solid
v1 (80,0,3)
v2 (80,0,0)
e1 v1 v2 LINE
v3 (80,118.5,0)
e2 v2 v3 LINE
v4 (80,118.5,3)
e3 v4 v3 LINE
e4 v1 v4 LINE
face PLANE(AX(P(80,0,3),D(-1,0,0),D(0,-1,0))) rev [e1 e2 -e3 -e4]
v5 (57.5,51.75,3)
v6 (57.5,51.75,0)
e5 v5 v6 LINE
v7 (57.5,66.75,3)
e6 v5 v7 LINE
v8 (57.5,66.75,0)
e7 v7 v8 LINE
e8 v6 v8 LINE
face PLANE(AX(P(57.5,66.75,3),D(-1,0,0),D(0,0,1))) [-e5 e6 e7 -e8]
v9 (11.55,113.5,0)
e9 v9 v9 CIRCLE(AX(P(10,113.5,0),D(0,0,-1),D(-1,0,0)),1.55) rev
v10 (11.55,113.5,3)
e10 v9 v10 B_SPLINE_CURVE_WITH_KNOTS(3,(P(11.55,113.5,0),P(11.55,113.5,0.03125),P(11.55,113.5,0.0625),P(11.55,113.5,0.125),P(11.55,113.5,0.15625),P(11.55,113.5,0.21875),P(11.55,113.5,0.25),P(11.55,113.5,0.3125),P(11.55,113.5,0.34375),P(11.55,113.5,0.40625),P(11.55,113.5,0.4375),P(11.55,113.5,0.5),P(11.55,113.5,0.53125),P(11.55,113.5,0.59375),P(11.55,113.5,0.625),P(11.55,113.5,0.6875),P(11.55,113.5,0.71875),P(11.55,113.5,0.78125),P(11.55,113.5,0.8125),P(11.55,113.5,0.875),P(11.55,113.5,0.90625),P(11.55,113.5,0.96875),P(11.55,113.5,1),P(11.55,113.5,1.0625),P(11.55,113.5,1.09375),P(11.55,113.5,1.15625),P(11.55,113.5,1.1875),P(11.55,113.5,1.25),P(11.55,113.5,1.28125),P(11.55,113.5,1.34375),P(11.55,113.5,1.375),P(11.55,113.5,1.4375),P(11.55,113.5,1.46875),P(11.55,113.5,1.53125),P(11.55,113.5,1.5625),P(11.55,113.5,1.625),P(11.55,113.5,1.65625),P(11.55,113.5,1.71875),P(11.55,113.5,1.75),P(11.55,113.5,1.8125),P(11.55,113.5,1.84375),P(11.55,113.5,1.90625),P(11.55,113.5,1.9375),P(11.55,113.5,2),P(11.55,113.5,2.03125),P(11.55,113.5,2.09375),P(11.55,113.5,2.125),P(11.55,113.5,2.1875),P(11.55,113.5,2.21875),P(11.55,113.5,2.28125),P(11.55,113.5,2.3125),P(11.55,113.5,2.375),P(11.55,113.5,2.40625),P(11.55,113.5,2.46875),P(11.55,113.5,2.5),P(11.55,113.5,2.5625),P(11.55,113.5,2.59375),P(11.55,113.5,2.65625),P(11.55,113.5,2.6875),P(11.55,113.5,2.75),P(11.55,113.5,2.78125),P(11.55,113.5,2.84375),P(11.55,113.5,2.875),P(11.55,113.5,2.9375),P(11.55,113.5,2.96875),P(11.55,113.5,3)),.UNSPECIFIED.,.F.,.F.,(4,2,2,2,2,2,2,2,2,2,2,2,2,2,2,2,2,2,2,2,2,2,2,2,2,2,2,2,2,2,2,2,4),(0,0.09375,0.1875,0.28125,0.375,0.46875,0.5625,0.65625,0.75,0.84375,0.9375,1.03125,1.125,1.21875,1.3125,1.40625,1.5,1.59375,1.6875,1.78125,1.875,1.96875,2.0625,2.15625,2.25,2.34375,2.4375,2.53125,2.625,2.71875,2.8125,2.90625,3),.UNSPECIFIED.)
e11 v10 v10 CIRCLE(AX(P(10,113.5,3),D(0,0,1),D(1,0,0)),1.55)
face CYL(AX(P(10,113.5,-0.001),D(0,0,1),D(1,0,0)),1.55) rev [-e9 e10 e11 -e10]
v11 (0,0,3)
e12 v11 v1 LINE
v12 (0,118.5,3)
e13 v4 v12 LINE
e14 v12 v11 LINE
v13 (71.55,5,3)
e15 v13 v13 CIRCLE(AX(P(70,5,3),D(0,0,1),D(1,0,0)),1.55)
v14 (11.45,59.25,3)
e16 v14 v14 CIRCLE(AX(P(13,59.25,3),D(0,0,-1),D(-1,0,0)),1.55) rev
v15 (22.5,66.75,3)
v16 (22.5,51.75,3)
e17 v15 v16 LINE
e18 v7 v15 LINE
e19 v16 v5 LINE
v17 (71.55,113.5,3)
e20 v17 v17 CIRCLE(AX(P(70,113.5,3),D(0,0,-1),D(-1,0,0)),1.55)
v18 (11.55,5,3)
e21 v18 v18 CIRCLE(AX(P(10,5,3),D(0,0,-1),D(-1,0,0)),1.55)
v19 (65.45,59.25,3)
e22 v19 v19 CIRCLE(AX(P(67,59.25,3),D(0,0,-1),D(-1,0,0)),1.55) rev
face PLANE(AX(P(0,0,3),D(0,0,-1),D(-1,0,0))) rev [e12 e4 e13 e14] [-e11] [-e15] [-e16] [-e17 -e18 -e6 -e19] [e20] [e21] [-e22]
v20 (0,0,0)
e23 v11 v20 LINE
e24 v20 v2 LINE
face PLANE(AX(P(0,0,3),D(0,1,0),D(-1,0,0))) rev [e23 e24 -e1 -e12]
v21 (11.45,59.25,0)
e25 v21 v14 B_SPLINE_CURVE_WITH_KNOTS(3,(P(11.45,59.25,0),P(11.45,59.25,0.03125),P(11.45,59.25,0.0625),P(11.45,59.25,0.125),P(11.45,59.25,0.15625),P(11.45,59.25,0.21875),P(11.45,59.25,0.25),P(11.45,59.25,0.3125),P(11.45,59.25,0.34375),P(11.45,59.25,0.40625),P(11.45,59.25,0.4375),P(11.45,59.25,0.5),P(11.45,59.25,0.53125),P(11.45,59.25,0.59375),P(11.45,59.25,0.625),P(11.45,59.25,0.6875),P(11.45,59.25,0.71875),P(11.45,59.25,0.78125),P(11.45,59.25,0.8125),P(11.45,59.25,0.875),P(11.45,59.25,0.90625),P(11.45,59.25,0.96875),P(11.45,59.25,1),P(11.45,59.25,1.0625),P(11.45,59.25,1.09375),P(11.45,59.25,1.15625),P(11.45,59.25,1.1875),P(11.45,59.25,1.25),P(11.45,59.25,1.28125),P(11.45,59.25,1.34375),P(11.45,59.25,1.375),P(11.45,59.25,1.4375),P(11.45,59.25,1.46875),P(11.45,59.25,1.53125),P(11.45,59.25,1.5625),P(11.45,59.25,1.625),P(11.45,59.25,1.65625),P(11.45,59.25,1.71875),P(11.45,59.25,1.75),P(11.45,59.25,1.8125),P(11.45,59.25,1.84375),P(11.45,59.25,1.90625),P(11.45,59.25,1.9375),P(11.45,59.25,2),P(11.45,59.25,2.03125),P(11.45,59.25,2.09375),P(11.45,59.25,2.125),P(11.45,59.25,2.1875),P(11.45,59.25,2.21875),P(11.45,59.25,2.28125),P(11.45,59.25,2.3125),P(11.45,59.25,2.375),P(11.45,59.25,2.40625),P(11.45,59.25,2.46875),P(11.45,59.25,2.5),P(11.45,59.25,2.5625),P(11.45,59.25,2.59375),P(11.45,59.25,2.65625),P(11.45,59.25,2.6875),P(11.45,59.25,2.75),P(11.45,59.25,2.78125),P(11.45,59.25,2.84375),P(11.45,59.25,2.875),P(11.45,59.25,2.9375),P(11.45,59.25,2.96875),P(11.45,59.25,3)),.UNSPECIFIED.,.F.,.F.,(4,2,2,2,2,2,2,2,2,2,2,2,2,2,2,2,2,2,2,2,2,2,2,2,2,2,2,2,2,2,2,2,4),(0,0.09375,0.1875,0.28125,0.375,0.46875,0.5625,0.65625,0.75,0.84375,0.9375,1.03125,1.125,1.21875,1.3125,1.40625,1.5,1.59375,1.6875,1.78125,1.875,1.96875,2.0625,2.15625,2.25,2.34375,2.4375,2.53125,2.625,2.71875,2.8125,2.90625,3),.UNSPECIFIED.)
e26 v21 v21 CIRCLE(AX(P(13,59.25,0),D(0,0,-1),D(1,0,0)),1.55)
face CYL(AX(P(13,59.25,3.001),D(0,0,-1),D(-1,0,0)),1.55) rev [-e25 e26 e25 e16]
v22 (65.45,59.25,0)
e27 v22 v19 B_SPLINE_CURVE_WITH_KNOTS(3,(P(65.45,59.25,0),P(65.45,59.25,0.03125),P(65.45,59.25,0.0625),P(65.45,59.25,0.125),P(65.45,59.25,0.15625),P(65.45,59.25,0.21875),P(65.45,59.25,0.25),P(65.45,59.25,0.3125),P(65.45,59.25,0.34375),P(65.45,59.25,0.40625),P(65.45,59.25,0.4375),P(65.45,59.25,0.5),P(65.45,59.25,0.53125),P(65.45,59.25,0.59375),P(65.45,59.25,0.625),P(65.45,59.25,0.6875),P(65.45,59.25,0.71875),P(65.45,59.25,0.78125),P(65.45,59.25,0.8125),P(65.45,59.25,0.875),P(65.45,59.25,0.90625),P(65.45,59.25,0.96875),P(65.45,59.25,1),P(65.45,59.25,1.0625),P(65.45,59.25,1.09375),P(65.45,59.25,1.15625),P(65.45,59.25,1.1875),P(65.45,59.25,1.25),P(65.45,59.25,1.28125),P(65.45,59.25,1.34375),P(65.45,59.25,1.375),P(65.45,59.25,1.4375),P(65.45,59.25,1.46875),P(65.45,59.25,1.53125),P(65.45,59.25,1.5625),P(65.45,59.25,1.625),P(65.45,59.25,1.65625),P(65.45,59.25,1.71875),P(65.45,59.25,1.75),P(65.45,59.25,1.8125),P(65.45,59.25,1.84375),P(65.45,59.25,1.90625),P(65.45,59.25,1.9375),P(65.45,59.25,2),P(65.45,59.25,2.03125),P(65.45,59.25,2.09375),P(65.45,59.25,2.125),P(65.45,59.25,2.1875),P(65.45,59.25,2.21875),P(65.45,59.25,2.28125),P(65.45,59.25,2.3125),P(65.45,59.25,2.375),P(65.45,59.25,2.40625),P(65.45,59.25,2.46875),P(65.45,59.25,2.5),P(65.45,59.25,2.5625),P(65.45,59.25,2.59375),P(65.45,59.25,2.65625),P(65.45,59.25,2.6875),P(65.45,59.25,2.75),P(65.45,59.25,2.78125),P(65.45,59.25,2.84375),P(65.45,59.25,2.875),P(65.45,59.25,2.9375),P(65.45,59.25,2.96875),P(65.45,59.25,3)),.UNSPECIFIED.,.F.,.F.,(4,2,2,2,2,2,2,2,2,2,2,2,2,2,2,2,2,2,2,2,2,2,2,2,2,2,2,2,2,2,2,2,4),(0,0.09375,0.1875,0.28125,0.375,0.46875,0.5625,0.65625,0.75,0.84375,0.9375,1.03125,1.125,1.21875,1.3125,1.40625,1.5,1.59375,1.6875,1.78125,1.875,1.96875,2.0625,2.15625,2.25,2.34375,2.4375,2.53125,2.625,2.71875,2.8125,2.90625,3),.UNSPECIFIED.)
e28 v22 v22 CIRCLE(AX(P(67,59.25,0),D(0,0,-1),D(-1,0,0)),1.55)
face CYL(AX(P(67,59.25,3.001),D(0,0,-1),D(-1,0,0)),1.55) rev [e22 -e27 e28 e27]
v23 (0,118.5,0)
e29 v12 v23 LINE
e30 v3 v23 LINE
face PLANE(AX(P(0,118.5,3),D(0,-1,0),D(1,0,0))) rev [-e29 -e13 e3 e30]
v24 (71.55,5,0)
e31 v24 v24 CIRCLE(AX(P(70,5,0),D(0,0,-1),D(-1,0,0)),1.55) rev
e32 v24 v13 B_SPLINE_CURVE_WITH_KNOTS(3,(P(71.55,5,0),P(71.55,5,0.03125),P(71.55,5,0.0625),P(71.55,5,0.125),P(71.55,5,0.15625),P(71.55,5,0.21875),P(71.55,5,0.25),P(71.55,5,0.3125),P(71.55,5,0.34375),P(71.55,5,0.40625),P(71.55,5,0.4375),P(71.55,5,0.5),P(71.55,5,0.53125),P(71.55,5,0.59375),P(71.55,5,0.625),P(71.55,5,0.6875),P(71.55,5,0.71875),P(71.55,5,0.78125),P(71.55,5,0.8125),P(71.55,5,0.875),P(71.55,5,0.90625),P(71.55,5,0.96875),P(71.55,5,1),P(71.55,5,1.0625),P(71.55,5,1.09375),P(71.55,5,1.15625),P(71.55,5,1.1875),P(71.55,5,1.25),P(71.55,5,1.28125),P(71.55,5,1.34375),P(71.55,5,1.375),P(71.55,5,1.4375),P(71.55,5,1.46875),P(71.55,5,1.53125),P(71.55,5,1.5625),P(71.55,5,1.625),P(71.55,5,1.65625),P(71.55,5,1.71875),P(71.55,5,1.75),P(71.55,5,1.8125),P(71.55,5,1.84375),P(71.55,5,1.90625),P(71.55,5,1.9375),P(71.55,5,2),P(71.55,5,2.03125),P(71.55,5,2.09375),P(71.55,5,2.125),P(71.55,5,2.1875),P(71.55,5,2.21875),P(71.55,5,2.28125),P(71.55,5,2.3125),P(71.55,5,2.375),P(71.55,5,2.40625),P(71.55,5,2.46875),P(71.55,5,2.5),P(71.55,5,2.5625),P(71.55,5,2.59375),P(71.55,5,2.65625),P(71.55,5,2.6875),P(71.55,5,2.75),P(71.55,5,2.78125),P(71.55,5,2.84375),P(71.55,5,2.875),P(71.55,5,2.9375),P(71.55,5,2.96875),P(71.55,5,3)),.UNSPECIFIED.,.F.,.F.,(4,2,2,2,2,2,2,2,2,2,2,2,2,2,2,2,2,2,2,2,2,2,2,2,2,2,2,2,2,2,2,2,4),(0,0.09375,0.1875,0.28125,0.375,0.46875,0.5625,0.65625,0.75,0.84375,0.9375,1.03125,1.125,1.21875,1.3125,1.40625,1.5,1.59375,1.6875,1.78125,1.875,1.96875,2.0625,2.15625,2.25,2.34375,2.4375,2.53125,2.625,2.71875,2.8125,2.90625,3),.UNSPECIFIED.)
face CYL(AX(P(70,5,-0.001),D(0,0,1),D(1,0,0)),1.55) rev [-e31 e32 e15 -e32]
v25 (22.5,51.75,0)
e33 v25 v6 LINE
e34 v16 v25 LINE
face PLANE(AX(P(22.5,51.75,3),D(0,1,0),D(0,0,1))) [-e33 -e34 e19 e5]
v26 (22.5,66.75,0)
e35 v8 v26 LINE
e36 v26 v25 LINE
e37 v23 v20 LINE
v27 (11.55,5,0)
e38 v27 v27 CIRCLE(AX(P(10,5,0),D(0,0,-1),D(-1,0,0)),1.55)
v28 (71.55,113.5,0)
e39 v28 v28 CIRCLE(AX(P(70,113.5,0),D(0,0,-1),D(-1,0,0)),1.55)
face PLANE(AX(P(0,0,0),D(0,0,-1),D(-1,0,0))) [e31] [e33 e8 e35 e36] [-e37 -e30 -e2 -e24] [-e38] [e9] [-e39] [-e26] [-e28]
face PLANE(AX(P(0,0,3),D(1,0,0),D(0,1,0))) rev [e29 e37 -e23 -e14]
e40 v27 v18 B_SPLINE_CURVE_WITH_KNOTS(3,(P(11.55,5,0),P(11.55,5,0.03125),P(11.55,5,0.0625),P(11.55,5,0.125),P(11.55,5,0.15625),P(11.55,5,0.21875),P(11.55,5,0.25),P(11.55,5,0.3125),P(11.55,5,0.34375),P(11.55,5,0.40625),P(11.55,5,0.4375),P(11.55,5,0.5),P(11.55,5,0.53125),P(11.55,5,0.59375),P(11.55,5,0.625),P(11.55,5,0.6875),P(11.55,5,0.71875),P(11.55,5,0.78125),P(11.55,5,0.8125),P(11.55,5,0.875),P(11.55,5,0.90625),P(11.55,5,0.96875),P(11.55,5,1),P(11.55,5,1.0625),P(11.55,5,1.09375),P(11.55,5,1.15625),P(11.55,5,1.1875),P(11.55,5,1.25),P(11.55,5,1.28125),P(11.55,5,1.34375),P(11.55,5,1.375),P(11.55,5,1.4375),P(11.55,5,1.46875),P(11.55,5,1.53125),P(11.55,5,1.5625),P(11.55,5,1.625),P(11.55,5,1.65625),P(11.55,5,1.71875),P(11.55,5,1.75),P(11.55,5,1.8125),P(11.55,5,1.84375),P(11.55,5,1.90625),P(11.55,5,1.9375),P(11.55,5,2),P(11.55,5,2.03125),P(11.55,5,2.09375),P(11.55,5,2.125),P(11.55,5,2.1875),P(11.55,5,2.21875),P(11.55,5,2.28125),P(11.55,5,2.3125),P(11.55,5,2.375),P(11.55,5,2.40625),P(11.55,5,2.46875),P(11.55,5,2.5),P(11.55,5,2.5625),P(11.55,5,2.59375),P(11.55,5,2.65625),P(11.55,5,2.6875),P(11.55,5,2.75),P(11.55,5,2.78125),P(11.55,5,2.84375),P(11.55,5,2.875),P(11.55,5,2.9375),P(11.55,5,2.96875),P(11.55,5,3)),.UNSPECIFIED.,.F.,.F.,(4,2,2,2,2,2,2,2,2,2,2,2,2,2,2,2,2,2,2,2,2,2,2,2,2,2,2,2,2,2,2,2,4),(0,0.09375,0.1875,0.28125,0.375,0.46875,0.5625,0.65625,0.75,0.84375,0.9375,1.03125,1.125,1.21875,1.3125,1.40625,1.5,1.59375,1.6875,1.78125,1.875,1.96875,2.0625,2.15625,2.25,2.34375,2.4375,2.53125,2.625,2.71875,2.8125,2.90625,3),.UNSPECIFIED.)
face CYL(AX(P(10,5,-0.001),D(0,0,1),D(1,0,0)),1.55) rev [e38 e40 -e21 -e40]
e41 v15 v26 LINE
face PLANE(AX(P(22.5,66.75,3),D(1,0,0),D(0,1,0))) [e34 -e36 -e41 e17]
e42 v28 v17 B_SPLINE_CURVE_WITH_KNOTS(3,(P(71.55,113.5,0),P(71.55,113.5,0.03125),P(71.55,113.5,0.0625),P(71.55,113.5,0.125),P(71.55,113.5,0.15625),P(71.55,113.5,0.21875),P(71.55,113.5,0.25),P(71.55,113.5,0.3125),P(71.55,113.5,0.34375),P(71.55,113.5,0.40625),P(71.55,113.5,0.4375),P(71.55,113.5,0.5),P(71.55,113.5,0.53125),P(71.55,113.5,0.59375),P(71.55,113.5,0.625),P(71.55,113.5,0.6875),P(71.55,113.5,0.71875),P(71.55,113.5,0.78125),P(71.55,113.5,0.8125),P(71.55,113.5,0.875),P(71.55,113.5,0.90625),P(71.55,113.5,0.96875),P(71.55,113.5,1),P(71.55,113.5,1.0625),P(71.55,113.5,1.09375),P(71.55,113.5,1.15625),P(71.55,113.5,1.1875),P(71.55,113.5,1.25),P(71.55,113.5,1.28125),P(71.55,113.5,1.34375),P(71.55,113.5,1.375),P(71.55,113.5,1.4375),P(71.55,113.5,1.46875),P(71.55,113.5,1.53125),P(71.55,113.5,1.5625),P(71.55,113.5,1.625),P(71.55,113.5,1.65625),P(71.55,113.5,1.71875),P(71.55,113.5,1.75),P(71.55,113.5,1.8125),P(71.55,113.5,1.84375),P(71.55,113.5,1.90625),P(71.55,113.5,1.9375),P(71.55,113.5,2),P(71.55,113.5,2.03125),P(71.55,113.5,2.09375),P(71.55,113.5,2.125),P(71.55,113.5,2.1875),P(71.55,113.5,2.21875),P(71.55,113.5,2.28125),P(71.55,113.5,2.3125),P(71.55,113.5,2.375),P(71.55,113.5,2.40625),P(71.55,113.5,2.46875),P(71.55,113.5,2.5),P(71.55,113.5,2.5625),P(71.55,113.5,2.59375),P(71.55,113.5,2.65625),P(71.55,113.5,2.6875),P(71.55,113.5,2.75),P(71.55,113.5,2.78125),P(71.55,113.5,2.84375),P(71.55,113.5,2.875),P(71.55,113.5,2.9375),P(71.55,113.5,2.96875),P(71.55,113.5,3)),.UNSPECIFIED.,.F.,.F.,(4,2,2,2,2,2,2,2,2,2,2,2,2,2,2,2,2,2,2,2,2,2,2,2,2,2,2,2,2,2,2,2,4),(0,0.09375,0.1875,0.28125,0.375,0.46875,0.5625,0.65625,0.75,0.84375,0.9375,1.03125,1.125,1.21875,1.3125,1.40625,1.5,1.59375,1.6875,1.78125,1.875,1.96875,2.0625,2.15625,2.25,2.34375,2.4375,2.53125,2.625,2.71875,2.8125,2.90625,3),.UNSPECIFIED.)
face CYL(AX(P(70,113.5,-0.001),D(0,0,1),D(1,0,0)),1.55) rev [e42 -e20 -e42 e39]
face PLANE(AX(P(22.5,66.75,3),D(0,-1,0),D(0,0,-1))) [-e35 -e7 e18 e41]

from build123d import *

# Parameters (mm, degrees)
SKETCH_1_W          = 80
SKETCH_1_H          = 118.5
SKETCH_1_W_2        = 35
SKETCH_1_H_2        = 15
EXTRUDE_1_DEPTH     = 3
CUT_EXTRUDE_2_REACH = 145.008
SKETCH_3_R          = 1.55
CUT_EXTRUDE_3_REACH = 145.008
SKETCH_4_R          = 1.55


with BuildPart() as part:
    # 草图1 → 凸台-拉伸1 (new body)
    with BuildSketch(Plane.XY):
        with Locations((40, 59.25)):
            Rectangle(SKETCH_1_W, SKETCH_1_H)
        with Locations((40, 59.25)):
            Rectangle(SKETCH_1_W_2, SKETCH_1_H_2, mode=Mode.SUBTRACT)
    extrude(amount=EXTRUDE_1_DEPTH)

    # 草图3 → 切除-拉伸2 (cut, up to next)
    with BuildSketch(Plane.XY.offset(3), mode=Mode.PRIVATE) as cut_extrude_2_sk1:
        with Locations((10, 113.5)):
            Circle(SKETCH_3_R)
    cut_extrude_2_tool1 = extrude(cut_extrude_2_sk1.sketch, amount=-CUT_EXTRUDE_2_REACH, mode=Mode.PRIVATE) & part.part
    # 草图3 → 切除-拉伸2 (cut, up to next)
    with BuildSketch(Plane.XY.offset(3), mode=Mode.PRIVATE) as cut_extrude_2_sk2:
        with Locations((70, 113.5)):
            Circle(SKETCH_3_R)
    cut_extrude_2_tool2 = extrude(cut_extrude_2_sk2.sketch, amount=-CUT_EXTRUDE_2_REACH, mode=Mode.PRIVATE) & part.part
    # 草图3 → 切除-拉伸2 (cut, up to next)
    with BuildSketch(Plane.XY.offset(3), mode=Mode.PRIVATE) as cut_extrude_2_sk3:
        with Locations((70, 5)):
            Circle(SKETCH_3_R)
    cut_extrude_2_tool3 = extrude(cut_extrude_2_sk3.sketch, amount=-CUT_EXTRUDE_2_REACH, mode=Mode.PRIVATE) & part.part
    # 草图3 → 切除-拉伸2 (cut, up to next)
    with BuildSketch(Plane.XY.offset(3), mode=Mode.PRIVATE) as cut_extrude_2_sk4:
        with Locations((10, 5)):
            Circle(SKETCH_3_R)
    cut_extrude_2_tool4 = extrude(cut_extrude_2_sk4.sketch, amount=-CUT_EXTRUDE_2_REACH, mode=Mode.PRIVATE) & part.part
    add(cut_extrude_2_tool1.solids().sort_by_distance((10, 113.5, 3))[0], mode=Mode.SUBTRACT)
    add(cut_extrude_2_tool2.solids().sort_by_distance((70, 113.5, 3))[0], mode=Mode.SUBTRACT)
    add(cut_extrude_2_tool3.solids().sort_by_distance((70, 5, 3))[0], mode=Mode.SUBTRACT)
    add(cut_extrude_2_tool4.solids().sort_by_distance((10, 5, 3))[0], mode=Mode.SUBTRACT)

    # 草图4 → 切除-拉伸3 (cut, up to next)
    with BuildSketch(Plane(origin=(0, 0, 0), x_dir=(-1, 0, 0), z_dir=(0, 0, -1)), mode=Mode.PRIVATE) as cut_extrude_3_sk1:
        with Locations((-67, 59.25)):
            Circle(SKETCH_4_R)
    cut_extrude_3_tool1 = extrude(cut_extrude_3_sk1.sketch, amount=-CUT_EXTRUDE_3_REACH, mode=Mode.PRIVATE) & part.part
    # 草图4 → 切除-拉伸3 (cut, up to next)
    with BuildSketch(Plane(origin=(0, 0, 0), x_dir=(-1, 0, 0), z_dir=(0, 0, -1)), mode=Mode.PRIVATE) as cut_extrude_3_sk2:
        with Locations((-13, 59.25)):
            Circle(SKETCH_4_R)
    cut_extrude_3_tool2 = extrude(cut_extrude_3_sk2.sketch, amount=-CUT_EXTRUDE_3_REACH, mode=Mode.PRIVATE) & part.part
    add(cut_extrude_3_tool1.solids().sort_by_distance((67, 59.25, 0))[0], mode=Mode.SUBTRACT)
    add(cut_extrude_3_tool2.solids().sort_by_distance((13, 59.25, 0))[0], mode=Mode.SUBTRACT)


solid = part.part
